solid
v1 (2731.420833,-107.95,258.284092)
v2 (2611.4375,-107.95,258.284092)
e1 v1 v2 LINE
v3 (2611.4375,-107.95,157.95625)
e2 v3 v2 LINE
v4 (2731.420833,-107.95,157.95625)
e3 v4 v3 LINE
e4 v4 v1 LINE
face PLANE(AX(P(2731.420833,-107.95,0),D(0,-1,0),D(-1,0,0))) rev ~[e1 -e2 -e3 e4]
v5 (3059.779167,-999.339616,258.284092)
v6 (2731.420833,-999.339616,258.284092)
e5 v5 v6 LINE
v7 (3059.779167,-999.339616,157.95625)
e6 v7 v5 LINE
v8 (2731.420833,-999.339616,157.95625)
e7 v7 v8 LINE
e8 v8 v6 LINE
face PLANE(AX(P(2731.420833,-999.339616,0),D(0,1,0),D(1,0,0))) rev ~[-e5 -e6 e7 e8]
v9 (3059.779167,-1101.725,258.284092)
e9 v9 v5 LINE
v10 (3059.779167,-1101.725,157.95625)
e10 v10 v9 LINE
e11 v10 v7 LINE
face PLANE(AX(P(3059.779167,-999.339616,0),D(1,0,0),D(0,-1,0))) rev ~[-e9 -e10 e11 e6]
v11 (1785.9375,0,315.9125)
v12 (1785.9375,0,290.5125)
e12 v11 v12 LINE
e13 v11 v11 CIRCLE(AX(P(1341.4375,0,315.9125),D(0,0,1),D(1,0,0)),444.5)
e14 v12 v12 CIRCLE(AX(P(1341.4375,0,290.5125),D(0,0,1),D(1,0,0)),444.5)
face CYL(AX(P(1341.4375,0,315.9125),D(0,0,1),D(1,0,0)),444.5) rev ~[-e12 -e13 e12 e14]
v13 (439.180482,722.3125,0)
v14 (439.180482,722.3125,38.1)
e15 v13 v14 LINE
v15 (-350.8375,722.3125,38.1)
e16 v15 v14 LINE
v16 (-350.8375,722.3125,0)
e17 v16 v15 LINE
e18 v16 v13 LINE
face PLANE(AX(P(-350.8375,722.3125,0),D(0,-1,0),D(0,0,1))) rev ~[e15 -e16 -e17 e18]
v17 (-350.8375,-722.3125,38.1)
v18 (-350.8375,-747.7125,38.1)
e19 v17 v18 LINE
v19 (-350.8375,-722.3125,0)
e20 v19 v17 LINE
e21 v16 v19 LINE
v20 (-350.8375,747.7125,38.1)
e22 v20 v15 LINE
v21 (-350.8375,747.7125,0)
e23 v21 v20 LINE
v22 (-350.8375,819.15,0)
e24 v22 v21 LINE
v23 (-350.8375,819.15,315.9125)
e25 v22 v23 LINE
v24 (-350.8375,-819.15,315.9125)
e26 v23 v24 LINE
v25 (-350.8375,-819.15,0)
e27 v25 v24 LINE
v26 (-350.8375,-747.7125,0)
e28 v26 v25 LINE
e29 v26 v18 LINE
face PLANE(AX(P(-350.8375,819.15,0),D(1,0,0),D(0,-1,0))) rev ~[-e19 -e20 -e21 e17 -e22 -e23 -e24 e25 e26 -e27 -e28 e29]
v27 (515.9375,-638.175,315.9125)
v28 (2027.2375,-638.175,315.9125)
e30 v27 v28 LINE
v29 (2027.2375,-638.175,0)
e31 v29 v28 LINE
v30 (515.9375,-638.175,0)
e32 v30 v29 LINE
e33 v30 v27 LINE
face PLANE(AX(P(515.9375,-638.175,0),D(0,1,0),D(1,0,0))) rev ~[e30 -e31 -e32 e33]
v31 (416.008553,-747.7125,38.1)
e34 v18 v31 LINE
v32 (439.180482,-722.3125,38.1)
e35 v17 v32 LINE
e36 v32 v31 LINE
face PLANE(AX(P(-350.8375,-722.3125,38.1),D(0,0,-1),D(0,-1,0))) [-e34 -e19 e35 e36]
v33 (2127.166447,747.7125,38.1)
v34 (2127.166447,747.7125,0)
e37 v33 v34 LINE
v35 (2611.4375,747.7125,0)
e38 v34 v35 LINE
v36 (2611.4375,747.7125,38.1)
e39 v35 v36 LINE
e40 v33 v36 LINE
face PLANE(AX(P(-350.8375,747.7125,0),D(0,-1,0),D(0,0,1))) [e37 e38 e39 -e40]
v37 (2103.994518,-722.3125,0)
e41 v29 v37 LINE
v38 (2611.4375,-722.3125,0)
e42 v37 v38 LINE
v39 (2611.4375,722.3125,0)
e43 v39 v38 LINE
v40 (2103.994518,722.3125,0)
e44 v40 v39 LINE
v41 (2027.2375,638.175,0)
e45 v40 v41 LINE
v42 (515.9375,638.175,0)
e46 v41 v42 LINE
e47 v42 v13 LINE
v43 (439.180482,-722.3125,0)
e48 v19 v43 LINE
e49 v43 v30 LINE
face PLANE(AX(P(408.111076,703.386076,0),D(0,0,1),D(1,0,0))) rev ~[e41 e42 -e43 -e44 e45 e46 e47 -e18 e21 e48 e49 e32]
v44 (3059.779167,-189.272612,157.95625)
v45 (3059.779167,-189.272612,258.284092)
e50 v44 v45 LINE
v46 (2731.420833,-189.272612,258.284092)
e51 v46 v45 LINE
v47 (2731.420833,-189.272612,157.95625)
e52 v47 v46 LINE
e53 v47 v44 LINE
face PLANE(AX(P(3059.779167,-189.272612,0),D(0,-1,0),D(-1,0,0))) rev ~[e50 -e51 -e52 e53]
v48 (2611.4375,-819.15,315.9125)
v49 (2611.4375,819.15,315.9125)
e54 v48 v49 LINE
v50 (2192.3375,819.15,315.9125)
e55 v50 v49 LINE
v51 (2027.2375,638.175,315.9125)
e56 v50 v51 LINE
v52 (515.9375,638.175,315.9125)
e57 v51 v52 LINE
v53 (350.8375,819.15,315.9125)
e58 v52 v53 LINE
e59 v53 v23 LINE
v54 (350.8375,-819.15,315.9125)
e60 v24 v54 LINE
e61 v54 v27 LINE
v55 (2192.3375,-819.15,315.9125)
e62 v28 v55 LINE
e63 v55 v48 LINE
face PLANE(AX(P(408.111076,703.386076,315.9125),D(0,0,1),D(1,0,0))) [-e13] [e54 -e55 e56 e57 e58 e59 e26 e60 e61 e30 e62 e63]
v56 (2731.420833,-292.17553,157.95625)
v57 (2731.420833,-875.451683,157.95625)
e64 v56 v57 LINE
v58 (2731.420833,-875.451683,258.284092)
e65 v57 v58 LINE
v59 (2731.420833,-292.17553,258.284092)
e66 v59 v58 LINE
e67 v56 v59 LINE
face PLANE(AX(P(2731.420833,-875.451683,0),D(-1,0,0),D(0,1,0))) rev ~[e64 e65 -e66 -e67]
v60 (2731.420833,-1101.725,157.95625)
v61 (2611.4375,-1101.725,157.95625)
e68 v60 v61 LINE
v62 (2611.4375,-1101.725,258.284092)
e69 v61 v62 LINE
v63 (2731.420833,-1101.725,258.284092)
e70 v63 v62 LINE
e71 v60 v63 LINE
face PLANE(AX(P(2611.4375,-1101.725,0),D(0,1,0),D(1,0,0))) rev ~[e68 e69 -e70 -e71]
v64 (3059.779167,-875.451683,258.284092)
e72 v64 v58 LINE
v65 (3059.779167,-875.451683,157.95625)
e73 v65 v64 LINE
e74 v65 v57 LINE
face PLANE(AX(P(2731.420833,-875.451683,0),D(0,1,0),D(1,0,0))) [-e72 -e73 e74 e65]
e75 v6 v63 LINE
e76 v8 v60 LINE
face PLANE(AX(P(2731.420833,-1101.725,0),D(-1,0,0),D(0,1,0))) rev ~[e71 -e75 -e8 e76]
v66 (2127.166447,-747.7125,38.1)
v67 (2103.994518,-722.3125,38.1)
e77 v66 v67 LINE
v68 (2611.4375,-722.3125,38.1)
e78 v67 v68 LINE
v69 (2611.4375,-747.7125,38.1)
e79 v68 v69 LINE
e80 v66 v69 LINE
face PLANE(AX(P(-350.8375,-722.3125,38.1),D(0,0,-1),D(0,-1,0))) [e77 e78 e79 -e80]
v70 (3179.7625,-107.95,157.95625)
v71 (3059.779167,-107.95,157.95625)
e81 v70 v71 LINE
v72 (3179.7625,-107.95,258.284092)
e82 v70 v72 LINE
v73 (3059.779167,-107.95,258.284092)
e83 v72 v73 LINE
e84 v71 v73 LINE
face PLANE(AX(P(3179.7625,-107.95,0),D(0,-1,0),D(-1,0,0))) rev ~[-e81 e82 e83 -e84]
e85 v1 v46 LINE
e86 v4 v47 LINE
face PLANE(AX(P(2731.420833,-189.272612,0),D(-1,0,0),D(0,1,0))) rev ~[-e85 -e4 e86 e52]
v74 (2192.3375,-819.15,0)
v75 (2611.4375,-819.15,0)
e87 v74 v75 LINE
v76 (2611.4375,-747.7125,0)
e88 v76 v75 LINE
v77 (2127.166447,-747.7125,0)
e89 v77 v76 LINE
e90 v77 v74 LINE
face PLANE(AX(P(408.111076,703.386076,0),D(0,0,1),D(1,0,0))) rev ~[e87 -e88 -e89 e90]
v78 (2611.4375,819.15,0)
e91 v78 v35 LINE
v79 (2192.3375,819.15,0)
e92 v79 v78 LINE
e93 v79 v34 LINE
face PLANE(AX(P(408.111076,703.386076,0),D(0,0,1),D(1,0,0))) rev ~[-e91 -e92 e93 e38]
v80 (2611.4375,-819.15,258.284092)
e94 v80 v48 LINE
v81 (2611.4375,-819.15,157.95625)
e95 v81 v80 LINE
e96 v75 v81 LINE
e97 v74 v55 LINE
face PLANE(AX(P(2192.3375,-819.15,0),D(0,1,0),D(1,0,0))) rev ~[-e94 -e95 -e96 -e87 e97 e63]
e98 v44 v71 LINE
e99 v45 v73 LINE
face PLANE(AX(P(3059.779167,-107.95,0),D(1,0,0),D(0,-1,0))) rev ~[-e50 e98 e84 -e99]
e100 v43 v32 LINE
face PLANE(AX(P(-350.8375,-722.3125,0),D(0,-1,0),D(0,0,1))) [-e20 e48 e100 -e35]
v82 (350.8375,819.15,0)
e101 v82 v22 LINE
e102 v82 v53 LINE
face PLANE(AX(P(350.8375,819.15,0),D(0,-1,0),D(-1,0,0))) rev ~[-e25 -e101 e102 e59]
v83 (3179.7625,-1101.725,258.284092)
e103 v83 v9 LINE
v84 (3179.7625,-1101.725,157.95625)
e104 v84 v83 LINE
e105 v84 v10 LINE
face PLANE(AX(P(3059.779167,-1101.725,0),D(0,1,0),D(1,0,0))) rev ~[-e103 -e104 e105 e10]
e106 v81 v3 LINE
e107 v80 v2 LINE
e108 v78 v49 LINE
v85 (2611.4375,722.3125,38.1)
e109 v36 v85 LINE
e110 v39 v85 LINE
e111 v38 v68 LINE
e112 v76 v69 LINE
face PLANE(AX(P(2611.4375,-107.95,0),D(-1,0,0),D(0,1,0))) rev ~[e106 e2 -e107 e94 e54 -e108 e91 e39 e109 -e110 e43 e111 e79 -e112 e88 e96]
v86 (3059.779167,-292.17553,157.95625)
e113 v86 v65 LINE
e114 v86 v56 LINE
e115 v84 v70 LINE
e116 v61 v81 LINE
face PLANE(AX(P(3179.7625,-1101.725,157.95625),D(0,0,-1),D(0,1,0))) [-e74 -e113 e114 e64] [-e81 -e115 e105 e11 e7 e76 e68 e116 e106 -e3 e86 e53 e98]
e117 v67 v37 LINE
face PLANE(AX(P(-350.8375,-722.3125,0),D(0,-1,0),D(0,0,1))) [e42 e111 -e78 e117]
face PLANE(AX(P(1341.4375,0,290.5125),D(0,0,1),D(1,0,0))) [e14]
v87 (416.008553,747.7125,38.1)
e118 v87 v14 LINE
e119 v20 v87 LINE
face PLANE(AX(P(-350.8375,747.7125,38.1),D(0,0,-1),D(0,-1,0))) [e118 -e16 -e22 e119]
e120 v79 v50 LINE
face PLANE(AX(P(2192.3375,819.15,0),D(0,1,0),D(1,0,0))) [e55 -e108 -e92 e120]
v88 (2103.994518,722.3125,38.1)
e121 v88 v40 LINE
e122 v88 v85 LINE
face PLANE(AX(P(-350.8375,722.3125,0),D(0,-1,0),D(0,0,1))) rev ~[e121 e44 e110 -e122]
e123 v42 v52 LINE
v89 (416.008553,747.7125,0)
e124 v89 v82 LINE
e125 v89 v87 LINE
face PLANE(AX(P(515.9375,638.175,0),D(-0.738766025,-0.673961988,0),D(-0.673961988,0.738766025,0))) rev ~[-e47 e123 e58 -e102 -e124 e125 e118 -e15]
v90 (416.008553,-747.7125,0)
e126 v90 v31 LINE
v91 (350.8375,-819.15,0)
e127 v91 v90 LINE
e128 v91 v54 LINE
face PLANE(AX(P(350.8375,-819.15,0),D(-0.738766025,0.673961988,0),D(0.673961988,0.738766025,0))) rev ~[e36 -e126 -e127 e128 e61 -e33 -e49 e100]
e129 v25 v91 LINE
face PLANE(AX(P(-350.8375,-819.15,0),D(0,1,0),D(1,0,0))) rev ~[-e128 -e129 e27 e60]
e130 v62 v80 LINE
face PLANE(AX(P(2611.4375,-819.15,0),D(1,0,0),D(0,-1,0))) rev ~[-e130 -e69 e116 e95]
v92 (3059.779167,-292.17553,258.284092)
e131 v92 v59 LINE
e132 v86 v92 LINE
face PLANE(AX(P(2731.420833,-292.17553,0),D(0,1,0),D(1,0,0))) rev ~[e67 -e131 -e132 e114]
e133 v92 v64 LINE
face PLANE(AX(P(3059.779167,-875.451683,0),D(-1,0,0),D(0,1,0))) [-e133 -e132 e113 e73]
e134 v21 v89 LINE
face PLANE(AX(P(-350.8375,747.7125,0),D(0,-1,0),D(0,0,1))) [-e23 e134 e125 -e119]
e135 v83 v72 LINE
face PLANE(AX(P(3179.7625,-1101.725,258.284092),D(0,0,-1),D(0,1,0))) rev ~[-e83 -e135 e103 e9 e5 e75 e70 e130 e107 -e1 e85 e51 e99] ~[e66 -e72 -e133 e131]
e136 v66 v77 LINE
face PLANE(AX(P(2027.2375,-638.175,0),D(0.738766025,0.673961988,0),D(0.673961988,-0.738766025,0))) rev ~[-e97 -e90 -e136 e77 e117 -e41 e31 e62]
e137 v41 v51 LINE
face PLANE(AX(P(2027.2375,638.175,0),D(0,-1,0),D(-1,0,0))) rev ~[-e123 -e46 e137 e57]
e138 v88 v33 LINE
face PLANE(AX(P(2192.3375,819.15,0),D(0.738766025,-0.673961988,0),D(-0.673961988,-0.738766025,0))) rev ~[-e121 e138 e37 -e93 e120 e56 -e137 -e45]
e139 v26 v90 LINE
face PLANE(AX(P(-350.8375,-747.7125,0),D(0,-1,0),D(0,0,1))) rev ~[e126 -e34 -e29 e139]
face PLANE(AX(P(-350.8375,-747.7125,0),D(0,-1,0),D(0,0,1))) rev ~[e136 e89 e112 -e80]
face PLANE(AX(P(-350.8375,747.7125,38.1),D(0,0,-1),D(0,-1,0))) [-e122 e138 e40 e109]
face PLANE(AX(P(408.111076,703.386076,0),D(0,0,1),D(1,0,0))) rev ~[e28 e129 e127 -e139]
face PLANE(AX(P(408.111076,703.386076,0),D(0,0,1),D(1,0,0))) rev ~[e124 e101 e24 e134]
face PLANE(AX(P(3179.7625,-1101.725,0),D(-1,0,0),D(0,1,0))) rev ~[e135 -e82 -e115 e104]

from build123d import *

# Parameters (mm, degrees)
F0_W     = 165.1
F0_H     = 1276.35
F0_W_2   = 419.1
F0_H_2   = 180.975
F0_W_3   = 328.358334
F0_H_3   = 583.276153
F1_DEPTH = 315.9125
F3_W     = 993.775
F3_H     = 57.628408
F3_H_2   = 157.95625
F4_DEPTH = 568.325
F5_R     = 444.5
F6_DEPTH = 25.4
F7_W     = 25.4
F7_H     = 38.1
F8_DEPTH = 3530.601


with BuildPart() as f1:
    # F0 (on Top) → F1 (new body)
    with BuildSketch(Plane.XY):
        Polygon((350.8375, 819.15), (350.8375, 638.175), (515.9375, 638.175), align=None)
        Polygon((350.8375, -638.175), (350.8375, -819.15), (515.9375, -638.175), align=None)
        Polygon((350.8375, 638.175), (350.8375, -638.175), (515.9375, -638.175), (2027.2375, -638.175), (2027.2375, 638.175), (515.9375, 638.175), align=None)
        with Locations((2109.7875, 0)):
            Rectangle(F0_W, F0_H)
        with Locations((2401.8875, 728.6625)):
            Rectangle(F0_W_2, F0_H_2)
        Polygon((2192.3375, 638.175), (2192.3375, -638.175), (2611.4375, -638.175), (2611.4375, -107.95), (2611.4375, 638.175), align=None)
        Polygon((2611.4375, -638.175), (2192.3375, -638.175), (2192.3375, -732.404232), (2192.3375, -819.15), (2611.4375, -819.15), align=None)
        Polygon((2192.3375, -638.175), (2027.2375, -638.175), (2192.3375, -819.15), (2192.3375, -732.404232), align=None)
        Polygon((-350.8375, -819.15), (350.8375, -819.15), (350.8375, -638.175), (350.8375, 638.175), (350.8375, 819.15), (-350.8375, 819.15), align=None)
        Polygon((2192.3375, 819.15), (2027.2375, 638.175), (2192.3375, 638.175), align=None)
        Polygon((2611.4375, -107.95), (2611.4375, -638.175), (2611.4375, -819.15), (2611.4375, -1031.997681), (2611.4375, -1101.725), (2731.420833, -1101.725), (2731.420833, -999.339616), (3059.779167, -999.339616), (3059.779167, -1101.725), (3179.7625, -1101.725), (3179.7625, -107.95), (3059.779167, -107.95), (3059.779167, -189.272612), (2731.420833, -189.272612), (2731.420833, -107.95), align=None)
        with Locations((2895.6, -583.813607)):
            Rectangle(F0_W_3, F0_H_3, mode=Mode.SUBTRACT)
    extrude(amount=F1_DEPTH)

    # F3 (on face) → F4 (cut)
    with BuildSketch(Plane.YZ.offset(3179.7625)):
        with Locations((-604.8375, 287.098296)):
            Rectangle(F3_W, F3_H)
        with Locations((-604.8375, 78.978125)):
            Rectangle(F3_W, F3_H_2)
    extrude(amount=-F4_DEPTH, mode=Mode.SUBTRACT)

    # F5 (on face) → F6 (cut)
    with BuildSketch(Plane.XY.offset(315.9125)):
        with Locations((1341.4375, 0)):
            Circle(F5_R)
    extrude(amount=-F6_DEPTH, mode=Mode.SUBTRACT)

    # F7 (on face) → F8 (cut, through all)
    with BuildSketch(Plane(origin=(-350.8375, 0, 0), x_dir=(0, -1, 0), z_dir=(-1, 0, 0))):
        with Locations((-735.0125, 19.05)):
            Rectangle(F7_W, F7_H)
        with Locations((735.0125, 19.05)):
            Rectangle(F7_W, F7_H)
    extrude(amount=-F8_DEPTH, mode=Mode.SUBTRACT)


solid = f1.part
